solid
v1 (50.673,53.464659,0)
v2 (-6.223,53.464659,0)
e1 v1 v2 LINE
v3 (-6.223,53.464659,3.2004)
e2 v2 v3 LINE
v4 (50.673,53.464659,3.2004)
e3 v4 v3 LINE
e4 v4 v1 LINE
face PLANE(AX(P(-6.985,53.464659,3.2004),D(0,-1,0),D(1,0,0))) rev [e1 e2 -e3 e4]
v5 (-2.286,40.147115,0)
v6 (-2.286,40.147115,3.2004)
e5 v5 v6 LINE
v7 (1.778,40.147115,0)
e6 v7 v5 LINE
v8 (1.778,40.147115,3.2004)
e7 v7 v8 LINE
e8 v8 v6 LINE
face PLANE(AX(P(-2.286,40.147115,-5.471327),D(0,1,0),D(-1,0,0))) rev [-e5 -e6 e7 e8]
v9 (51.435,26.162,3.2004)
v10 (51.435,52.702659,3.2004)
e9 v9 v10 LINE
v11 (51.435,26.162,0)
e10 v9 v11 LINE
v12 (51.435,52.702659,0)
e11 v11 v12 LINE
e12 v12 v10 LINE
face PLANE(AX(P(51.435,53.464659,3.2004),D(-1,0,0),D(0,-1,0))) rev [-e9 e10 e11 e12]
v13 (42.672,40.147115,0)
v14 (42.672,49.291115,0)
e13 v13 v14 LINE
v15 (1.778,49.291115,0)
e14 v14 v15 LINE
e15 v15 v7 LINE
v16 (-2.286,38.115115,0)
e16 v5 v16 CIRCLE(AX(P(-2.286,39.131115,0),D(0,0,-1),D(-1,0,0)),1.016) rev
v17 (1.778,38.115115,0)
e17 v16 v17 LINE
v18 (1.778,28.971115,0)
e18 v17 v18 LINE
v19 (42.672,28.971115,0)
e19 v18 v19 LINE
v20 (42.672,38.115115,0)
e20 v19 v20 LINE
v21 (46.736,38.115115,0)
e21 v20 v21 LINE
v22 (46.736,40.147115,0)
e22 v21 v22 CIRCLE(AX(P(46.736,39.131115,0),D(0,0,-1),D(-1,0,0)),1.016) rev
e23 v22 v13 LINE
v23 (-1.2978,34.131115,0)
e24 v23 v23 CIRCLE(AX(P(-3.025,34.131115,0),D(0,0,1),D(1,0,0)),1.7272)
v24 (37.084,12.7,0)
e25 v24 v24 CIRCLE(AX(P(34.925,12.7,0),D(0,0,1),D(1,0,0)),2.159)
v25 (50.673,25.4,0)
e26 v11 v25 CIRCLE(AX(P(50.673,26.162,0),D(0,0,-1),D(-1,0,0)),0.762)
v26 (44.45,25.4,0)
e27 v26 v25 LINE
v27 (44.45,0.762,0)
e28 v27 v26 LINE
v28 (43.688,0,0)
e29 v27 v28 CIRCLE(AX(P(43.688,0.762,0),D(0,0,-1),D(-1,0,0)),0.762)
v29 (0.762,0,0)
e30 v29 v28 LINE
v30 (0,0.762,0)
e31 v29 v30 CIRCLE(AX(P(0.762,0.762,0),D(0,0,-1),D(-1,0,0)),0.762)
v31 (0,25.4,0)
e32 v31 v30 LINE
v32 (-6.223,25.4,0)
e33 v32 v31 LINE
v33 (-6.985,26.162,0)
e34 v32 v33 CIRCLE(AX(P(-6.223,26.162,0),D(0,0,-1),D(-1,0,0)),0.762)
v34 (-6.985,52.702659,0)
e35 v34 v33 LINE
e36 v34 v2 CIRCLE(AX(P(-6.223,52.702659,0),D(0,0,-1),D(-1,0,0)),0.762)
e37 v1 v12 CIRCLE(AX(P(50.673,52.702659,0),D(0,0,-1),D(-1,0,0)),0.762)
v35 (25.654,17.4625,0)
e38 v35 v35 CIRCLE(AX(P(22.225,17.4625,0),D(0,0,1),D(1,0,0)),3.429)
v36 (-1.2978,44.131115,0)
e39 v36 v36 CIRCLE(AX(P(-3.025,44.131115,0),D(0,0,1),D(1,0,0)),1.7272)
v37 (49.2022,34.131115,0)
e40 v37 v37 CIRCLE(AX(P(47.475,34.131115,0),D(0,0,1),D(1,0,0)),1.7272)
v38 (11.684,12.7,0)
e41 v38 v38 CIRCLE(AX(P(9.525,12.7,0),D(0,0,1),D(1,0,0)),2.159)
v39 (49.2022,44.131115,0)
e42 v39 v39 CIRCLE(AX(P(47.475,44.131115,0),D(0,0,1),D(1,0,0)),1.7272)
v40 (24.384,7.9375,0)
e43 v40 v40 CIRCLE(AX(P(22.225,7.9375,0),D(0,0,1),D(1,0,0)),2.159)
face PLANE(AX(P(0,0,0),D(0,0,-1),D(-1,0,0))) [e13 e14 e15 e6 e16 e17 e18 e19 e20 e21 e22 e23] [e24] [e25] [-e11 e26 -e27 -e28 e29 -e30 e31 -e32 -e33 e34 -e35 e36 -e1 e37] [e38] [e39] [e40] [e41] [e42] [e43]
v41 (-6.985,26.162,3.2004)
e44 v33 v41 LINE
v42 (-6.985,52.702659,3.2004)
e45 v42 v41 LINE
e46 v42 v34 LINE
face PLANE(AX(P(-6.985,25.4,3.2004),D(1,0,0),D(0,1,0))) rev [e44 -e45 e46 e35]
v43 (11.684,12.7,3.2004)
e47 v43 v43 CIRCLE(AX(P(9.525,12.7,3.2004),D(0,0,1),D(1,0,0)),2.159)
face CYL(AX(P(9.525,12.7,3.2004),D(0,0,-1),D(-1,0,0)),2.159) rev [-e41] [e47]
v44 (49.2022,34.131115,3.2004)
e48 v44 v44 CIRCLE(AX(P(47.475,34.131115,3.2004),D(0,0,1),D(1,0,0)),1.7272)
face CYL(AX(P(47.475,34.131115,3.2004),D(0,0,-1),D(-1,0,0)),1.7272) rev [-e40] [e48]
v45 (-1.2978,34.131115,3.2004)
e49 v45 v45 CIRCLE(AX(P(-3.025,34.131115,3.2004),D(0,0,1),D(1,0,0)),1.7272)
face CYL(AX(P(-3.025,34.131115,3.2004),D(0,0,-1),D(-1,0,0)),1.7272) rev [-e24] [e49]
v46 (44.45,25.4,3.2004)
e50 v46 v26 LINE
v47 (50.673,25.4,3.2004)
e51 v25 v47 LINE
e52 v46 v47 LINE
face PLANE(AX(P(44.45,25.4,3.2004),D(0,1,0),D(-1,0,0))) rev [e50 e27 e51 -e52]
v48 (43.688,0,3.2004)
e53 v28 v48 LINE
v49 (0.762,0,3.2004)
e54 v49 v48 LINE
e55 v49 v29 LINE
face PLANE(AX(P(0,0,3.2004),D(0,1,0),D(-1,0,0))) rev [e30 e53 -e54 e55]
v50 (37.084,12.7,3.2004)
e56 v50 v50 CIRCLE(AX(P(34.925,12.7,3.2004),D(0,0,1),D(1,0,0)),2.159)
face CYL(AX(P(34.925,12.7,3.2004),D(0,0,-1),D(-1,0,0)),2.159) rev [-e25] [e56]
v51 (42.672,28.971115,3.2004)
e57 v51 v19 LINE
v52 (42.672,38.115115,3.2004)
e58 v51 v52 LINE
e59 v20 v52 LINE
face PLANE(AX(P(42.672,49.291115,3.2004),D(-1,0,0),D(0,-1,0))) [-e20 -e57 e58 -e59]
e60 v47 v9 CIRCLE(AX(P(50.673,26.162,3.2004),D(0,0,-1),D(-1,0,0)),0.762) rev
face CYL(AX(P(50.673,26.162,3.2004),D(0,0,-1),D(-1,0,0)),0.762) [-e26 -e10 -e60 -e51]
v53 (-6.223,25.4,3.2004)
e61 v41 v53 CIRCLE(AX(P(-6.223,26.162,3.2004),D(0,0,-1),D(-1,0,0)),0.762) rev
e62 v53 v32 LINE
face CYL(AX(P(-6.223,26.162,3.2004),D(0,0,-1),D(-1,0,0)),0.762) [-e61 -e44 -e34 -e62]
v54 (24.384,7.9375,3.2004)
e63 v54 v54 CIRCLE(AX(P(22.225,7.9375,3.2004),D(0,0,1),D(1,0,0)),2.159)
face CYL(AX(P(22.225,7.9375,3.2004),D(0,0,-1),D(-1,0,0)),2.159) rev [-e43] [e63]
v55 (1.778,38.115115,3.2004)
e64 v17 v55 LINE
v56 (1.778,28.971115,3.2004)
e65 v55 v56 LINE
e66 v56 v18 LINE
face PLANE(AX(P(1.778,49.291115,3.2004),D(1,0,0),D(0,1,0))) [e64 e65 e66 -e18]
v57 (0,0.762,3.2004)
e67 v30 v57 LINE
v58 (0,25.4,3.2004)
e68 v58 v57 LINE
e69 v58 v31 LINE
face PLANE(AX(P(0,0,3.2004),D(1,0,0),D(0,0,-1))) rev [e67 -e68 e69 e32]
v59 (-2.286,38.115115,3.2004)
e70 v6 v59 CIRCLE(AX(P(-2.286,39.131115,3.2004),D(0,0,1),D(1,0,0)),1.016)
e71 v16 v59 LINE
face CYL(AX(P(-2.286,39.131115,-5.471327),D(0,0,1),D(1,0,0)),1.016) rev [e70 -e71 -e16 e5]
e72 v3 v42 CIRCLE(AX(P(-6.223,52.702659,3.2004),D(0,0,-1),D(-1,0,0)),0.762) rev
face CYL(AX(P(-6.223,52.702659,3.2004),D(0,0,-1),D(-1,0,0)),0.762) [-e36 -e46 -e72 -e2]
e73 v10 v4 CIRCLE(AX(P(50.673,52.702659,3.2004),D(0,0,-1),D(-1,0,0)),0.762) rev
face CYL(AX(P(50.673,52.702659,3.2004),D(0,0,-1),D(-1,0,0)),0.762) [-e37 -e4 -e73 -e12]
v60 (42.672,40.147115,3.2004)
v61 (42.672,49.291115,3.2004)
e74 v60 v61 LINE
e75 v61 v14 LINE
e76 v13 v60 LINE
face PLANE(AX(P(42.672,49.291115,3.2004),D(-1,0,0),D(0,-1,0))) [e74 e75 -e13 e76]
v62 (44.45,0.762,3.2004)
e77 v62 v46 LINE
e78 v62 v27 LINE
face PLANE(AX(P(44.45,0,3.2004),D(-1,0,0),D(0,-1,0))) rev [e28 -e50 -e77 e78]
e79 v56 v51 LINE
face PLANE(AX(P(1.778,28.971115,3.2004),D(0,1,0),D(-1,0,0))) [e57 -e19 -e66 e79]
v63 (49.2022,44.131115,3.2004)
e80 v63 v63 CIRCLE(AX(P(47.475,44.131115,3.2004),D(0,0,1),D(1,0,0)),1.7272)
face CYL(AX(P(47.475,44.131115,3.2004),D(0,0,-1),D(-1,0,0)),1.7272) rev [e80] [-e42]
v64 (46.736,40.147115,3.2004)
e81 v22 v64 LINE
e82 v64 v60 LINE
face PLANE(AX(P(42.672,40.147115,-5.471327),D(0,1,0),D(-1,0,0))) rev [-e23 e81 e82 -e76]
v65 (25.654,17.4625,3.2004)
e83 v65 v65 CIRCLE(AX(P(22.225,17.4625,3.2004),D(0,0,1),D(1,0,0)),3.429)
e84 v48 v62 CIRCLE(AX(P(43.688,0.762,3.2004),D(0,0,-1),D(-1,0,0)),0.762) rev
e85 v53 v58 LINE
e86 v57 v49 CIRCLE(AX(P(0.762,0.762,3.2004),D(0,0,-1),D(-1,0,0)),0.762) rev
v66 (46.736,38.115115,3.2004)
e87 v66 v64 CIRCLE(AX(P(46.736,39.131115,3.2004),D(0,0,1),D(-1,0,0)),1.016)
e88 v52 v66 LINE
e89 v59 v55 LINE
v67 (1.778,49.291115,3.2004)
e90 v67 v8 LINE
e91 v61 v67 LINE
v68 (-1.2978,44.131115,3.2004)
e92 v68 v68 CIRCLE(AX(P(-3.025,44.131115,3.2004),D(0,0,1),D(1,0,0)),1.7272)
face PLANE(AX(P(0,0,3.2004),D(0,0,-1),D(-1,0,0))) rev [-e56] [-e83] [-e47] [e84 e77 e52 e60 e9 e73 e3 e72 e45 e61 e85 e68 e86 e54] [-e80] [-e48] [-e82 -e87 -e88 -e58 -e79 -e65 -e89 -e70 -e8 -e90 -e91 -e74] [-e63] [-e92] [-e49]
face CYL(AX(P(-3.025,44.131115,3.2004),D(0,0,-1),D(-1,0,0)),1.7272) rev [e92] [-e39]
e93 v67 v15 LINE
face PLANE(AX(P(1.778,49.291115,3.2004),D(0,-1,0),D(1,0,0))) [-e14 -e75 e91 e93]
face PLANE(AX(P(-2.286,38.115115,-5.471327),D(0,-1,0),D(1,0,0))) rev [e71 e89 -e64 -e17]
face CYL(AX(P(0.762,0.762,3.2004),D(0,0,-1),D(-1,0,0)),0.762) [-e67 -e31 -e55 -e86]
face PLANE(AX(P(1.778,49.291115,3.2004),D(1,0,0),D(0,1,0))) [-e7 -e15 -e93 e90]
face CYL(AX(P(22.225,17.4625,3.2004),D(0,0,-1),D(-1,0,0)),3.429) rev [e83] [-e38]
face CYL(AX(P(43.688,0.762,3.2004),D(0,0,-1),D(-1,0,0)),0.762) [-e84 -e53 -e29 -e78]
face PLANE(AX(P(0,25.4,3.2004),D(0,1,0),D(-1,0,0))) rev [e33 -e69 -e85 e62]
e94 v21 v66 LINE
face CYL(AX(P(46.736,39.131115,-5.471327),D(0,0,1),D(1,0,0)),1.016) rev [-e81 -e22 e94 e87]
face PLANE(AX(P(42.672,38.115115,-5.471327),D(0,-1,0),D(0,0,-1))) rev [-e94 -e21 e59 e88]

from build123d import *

# Parameters (mm, degrees)
SKETCH1_R           = 2.159
SKETCH1_R_2         = 1.7272
SKETCH1_R_3         = 3.429
SKETCH1_W           = 40.894
SKETCH1_H           = 20.32
BOSS_EXTRUDE1_DEPTH = 3.2004
CUT_EXTRUDE1_DEPTH  = 3.2004
FILLET1_R           = 0.762


with BuildPart() as part:
    # Sketch1 → Boss-Extrude1 (new body)
    with BuildSketch(Plane.XY):
        Polygon((0, 0), (44.45, 0), (44.45, 25.4), (51.435, 25.4), (51.435, 53.464659022), (-6.985, 53.464659022), (-6.985, 25.4), (0, 25.4), align=None)
        with Locations((9.525, 12.7)):
            Circle(SKETCH1_R, mode=Mode.SUBTRACT)
        with Locations((34.925, 12.7)):
            Circle(SKETCH1_R, mode=Mode.SUBTRACT)
        with Locations((47.475, 34.131115311)):
            Circle(SKETCH1_R_2, mode=Mode.SUBTRACT)
        with Locations((-3.025, 44.131115311)):
            Circle(SKETCH1_R_2, mode=Mode.SUBTRACT)
        with Locations((-3.025, 34.131115311)):
            Circle(SKETCH1_R_2, mode=Mode.SUBTRACT)
        with Locations((47.475, 44.131115311)):
            Circle(SKETCH1_R_2, mode=Mode.SUBTRACT)
        with Locations((22.225, 17.4625)):
            Circle(SKETCH1_R_3, mode=Mode.SUBTRACT)
        with Locations((22.225, 7.9375)):
            Circle(SKETCH1_R, mode=Mode.SUBTRACT)
        with Locations((22.225, 39.131115311)):
            Rectangle(SKETCH1_W, SKETCH1_H, mode=Mode.SUBTRACT)
    extrude(amount=BOSS_EXTRUDE1_DEPTH)

    # Sketch2 → Cut-Extrude1 (cut)
    with BuildSketch(Plane.XY.offset(3.2004)):
        with BuildLine():
            Line((-2.286, 40.147115311), (1.778, 40.147115311))
            Line((1.778, 40.147115311), (1.778, 38.115115311))
            Line((1.778, 38.115115311), (-2.286, 38.115115311))
            ThreePointArc((-2.286, 38.115115311), (-3.302, 39.131115311), (-2.286, 40.147115311))
        make_face()
        with BuildLine():
            Line((42.672, 40.147115311), (46.736, 40.147115311))
            ThreePointArc((46.736, 40.147115311), (47.752, 39.131115311), (46.736, 38.115115311))
            Line((46.736, 38.115115311), (42.672, 38.115115311))
            Line((42.672, 38.115115311), (42.672, 40.147115311))
        make_face()
    extrude(amount=-CUT_EXTRUDE1_DEPTH, mode=Mode.SUBTRACT)

    # Fillet1
    fillet1_edges = [part.edges().sort_by_distance(p)[0] for p in [
        (51.435, 53.464659022, 1.6002),
        (51.435, 25.4, 1.6002),
        (44.45, 0, 1.6002),
        (0, 0, 1.6002),
        (-6.985, 25.4, 1.6002),
        (-6.985, 53.464659022, 1.6002),
    ]]
    fillet(fillet1_edges, radius=FILLET1_R)


solid = part.part
